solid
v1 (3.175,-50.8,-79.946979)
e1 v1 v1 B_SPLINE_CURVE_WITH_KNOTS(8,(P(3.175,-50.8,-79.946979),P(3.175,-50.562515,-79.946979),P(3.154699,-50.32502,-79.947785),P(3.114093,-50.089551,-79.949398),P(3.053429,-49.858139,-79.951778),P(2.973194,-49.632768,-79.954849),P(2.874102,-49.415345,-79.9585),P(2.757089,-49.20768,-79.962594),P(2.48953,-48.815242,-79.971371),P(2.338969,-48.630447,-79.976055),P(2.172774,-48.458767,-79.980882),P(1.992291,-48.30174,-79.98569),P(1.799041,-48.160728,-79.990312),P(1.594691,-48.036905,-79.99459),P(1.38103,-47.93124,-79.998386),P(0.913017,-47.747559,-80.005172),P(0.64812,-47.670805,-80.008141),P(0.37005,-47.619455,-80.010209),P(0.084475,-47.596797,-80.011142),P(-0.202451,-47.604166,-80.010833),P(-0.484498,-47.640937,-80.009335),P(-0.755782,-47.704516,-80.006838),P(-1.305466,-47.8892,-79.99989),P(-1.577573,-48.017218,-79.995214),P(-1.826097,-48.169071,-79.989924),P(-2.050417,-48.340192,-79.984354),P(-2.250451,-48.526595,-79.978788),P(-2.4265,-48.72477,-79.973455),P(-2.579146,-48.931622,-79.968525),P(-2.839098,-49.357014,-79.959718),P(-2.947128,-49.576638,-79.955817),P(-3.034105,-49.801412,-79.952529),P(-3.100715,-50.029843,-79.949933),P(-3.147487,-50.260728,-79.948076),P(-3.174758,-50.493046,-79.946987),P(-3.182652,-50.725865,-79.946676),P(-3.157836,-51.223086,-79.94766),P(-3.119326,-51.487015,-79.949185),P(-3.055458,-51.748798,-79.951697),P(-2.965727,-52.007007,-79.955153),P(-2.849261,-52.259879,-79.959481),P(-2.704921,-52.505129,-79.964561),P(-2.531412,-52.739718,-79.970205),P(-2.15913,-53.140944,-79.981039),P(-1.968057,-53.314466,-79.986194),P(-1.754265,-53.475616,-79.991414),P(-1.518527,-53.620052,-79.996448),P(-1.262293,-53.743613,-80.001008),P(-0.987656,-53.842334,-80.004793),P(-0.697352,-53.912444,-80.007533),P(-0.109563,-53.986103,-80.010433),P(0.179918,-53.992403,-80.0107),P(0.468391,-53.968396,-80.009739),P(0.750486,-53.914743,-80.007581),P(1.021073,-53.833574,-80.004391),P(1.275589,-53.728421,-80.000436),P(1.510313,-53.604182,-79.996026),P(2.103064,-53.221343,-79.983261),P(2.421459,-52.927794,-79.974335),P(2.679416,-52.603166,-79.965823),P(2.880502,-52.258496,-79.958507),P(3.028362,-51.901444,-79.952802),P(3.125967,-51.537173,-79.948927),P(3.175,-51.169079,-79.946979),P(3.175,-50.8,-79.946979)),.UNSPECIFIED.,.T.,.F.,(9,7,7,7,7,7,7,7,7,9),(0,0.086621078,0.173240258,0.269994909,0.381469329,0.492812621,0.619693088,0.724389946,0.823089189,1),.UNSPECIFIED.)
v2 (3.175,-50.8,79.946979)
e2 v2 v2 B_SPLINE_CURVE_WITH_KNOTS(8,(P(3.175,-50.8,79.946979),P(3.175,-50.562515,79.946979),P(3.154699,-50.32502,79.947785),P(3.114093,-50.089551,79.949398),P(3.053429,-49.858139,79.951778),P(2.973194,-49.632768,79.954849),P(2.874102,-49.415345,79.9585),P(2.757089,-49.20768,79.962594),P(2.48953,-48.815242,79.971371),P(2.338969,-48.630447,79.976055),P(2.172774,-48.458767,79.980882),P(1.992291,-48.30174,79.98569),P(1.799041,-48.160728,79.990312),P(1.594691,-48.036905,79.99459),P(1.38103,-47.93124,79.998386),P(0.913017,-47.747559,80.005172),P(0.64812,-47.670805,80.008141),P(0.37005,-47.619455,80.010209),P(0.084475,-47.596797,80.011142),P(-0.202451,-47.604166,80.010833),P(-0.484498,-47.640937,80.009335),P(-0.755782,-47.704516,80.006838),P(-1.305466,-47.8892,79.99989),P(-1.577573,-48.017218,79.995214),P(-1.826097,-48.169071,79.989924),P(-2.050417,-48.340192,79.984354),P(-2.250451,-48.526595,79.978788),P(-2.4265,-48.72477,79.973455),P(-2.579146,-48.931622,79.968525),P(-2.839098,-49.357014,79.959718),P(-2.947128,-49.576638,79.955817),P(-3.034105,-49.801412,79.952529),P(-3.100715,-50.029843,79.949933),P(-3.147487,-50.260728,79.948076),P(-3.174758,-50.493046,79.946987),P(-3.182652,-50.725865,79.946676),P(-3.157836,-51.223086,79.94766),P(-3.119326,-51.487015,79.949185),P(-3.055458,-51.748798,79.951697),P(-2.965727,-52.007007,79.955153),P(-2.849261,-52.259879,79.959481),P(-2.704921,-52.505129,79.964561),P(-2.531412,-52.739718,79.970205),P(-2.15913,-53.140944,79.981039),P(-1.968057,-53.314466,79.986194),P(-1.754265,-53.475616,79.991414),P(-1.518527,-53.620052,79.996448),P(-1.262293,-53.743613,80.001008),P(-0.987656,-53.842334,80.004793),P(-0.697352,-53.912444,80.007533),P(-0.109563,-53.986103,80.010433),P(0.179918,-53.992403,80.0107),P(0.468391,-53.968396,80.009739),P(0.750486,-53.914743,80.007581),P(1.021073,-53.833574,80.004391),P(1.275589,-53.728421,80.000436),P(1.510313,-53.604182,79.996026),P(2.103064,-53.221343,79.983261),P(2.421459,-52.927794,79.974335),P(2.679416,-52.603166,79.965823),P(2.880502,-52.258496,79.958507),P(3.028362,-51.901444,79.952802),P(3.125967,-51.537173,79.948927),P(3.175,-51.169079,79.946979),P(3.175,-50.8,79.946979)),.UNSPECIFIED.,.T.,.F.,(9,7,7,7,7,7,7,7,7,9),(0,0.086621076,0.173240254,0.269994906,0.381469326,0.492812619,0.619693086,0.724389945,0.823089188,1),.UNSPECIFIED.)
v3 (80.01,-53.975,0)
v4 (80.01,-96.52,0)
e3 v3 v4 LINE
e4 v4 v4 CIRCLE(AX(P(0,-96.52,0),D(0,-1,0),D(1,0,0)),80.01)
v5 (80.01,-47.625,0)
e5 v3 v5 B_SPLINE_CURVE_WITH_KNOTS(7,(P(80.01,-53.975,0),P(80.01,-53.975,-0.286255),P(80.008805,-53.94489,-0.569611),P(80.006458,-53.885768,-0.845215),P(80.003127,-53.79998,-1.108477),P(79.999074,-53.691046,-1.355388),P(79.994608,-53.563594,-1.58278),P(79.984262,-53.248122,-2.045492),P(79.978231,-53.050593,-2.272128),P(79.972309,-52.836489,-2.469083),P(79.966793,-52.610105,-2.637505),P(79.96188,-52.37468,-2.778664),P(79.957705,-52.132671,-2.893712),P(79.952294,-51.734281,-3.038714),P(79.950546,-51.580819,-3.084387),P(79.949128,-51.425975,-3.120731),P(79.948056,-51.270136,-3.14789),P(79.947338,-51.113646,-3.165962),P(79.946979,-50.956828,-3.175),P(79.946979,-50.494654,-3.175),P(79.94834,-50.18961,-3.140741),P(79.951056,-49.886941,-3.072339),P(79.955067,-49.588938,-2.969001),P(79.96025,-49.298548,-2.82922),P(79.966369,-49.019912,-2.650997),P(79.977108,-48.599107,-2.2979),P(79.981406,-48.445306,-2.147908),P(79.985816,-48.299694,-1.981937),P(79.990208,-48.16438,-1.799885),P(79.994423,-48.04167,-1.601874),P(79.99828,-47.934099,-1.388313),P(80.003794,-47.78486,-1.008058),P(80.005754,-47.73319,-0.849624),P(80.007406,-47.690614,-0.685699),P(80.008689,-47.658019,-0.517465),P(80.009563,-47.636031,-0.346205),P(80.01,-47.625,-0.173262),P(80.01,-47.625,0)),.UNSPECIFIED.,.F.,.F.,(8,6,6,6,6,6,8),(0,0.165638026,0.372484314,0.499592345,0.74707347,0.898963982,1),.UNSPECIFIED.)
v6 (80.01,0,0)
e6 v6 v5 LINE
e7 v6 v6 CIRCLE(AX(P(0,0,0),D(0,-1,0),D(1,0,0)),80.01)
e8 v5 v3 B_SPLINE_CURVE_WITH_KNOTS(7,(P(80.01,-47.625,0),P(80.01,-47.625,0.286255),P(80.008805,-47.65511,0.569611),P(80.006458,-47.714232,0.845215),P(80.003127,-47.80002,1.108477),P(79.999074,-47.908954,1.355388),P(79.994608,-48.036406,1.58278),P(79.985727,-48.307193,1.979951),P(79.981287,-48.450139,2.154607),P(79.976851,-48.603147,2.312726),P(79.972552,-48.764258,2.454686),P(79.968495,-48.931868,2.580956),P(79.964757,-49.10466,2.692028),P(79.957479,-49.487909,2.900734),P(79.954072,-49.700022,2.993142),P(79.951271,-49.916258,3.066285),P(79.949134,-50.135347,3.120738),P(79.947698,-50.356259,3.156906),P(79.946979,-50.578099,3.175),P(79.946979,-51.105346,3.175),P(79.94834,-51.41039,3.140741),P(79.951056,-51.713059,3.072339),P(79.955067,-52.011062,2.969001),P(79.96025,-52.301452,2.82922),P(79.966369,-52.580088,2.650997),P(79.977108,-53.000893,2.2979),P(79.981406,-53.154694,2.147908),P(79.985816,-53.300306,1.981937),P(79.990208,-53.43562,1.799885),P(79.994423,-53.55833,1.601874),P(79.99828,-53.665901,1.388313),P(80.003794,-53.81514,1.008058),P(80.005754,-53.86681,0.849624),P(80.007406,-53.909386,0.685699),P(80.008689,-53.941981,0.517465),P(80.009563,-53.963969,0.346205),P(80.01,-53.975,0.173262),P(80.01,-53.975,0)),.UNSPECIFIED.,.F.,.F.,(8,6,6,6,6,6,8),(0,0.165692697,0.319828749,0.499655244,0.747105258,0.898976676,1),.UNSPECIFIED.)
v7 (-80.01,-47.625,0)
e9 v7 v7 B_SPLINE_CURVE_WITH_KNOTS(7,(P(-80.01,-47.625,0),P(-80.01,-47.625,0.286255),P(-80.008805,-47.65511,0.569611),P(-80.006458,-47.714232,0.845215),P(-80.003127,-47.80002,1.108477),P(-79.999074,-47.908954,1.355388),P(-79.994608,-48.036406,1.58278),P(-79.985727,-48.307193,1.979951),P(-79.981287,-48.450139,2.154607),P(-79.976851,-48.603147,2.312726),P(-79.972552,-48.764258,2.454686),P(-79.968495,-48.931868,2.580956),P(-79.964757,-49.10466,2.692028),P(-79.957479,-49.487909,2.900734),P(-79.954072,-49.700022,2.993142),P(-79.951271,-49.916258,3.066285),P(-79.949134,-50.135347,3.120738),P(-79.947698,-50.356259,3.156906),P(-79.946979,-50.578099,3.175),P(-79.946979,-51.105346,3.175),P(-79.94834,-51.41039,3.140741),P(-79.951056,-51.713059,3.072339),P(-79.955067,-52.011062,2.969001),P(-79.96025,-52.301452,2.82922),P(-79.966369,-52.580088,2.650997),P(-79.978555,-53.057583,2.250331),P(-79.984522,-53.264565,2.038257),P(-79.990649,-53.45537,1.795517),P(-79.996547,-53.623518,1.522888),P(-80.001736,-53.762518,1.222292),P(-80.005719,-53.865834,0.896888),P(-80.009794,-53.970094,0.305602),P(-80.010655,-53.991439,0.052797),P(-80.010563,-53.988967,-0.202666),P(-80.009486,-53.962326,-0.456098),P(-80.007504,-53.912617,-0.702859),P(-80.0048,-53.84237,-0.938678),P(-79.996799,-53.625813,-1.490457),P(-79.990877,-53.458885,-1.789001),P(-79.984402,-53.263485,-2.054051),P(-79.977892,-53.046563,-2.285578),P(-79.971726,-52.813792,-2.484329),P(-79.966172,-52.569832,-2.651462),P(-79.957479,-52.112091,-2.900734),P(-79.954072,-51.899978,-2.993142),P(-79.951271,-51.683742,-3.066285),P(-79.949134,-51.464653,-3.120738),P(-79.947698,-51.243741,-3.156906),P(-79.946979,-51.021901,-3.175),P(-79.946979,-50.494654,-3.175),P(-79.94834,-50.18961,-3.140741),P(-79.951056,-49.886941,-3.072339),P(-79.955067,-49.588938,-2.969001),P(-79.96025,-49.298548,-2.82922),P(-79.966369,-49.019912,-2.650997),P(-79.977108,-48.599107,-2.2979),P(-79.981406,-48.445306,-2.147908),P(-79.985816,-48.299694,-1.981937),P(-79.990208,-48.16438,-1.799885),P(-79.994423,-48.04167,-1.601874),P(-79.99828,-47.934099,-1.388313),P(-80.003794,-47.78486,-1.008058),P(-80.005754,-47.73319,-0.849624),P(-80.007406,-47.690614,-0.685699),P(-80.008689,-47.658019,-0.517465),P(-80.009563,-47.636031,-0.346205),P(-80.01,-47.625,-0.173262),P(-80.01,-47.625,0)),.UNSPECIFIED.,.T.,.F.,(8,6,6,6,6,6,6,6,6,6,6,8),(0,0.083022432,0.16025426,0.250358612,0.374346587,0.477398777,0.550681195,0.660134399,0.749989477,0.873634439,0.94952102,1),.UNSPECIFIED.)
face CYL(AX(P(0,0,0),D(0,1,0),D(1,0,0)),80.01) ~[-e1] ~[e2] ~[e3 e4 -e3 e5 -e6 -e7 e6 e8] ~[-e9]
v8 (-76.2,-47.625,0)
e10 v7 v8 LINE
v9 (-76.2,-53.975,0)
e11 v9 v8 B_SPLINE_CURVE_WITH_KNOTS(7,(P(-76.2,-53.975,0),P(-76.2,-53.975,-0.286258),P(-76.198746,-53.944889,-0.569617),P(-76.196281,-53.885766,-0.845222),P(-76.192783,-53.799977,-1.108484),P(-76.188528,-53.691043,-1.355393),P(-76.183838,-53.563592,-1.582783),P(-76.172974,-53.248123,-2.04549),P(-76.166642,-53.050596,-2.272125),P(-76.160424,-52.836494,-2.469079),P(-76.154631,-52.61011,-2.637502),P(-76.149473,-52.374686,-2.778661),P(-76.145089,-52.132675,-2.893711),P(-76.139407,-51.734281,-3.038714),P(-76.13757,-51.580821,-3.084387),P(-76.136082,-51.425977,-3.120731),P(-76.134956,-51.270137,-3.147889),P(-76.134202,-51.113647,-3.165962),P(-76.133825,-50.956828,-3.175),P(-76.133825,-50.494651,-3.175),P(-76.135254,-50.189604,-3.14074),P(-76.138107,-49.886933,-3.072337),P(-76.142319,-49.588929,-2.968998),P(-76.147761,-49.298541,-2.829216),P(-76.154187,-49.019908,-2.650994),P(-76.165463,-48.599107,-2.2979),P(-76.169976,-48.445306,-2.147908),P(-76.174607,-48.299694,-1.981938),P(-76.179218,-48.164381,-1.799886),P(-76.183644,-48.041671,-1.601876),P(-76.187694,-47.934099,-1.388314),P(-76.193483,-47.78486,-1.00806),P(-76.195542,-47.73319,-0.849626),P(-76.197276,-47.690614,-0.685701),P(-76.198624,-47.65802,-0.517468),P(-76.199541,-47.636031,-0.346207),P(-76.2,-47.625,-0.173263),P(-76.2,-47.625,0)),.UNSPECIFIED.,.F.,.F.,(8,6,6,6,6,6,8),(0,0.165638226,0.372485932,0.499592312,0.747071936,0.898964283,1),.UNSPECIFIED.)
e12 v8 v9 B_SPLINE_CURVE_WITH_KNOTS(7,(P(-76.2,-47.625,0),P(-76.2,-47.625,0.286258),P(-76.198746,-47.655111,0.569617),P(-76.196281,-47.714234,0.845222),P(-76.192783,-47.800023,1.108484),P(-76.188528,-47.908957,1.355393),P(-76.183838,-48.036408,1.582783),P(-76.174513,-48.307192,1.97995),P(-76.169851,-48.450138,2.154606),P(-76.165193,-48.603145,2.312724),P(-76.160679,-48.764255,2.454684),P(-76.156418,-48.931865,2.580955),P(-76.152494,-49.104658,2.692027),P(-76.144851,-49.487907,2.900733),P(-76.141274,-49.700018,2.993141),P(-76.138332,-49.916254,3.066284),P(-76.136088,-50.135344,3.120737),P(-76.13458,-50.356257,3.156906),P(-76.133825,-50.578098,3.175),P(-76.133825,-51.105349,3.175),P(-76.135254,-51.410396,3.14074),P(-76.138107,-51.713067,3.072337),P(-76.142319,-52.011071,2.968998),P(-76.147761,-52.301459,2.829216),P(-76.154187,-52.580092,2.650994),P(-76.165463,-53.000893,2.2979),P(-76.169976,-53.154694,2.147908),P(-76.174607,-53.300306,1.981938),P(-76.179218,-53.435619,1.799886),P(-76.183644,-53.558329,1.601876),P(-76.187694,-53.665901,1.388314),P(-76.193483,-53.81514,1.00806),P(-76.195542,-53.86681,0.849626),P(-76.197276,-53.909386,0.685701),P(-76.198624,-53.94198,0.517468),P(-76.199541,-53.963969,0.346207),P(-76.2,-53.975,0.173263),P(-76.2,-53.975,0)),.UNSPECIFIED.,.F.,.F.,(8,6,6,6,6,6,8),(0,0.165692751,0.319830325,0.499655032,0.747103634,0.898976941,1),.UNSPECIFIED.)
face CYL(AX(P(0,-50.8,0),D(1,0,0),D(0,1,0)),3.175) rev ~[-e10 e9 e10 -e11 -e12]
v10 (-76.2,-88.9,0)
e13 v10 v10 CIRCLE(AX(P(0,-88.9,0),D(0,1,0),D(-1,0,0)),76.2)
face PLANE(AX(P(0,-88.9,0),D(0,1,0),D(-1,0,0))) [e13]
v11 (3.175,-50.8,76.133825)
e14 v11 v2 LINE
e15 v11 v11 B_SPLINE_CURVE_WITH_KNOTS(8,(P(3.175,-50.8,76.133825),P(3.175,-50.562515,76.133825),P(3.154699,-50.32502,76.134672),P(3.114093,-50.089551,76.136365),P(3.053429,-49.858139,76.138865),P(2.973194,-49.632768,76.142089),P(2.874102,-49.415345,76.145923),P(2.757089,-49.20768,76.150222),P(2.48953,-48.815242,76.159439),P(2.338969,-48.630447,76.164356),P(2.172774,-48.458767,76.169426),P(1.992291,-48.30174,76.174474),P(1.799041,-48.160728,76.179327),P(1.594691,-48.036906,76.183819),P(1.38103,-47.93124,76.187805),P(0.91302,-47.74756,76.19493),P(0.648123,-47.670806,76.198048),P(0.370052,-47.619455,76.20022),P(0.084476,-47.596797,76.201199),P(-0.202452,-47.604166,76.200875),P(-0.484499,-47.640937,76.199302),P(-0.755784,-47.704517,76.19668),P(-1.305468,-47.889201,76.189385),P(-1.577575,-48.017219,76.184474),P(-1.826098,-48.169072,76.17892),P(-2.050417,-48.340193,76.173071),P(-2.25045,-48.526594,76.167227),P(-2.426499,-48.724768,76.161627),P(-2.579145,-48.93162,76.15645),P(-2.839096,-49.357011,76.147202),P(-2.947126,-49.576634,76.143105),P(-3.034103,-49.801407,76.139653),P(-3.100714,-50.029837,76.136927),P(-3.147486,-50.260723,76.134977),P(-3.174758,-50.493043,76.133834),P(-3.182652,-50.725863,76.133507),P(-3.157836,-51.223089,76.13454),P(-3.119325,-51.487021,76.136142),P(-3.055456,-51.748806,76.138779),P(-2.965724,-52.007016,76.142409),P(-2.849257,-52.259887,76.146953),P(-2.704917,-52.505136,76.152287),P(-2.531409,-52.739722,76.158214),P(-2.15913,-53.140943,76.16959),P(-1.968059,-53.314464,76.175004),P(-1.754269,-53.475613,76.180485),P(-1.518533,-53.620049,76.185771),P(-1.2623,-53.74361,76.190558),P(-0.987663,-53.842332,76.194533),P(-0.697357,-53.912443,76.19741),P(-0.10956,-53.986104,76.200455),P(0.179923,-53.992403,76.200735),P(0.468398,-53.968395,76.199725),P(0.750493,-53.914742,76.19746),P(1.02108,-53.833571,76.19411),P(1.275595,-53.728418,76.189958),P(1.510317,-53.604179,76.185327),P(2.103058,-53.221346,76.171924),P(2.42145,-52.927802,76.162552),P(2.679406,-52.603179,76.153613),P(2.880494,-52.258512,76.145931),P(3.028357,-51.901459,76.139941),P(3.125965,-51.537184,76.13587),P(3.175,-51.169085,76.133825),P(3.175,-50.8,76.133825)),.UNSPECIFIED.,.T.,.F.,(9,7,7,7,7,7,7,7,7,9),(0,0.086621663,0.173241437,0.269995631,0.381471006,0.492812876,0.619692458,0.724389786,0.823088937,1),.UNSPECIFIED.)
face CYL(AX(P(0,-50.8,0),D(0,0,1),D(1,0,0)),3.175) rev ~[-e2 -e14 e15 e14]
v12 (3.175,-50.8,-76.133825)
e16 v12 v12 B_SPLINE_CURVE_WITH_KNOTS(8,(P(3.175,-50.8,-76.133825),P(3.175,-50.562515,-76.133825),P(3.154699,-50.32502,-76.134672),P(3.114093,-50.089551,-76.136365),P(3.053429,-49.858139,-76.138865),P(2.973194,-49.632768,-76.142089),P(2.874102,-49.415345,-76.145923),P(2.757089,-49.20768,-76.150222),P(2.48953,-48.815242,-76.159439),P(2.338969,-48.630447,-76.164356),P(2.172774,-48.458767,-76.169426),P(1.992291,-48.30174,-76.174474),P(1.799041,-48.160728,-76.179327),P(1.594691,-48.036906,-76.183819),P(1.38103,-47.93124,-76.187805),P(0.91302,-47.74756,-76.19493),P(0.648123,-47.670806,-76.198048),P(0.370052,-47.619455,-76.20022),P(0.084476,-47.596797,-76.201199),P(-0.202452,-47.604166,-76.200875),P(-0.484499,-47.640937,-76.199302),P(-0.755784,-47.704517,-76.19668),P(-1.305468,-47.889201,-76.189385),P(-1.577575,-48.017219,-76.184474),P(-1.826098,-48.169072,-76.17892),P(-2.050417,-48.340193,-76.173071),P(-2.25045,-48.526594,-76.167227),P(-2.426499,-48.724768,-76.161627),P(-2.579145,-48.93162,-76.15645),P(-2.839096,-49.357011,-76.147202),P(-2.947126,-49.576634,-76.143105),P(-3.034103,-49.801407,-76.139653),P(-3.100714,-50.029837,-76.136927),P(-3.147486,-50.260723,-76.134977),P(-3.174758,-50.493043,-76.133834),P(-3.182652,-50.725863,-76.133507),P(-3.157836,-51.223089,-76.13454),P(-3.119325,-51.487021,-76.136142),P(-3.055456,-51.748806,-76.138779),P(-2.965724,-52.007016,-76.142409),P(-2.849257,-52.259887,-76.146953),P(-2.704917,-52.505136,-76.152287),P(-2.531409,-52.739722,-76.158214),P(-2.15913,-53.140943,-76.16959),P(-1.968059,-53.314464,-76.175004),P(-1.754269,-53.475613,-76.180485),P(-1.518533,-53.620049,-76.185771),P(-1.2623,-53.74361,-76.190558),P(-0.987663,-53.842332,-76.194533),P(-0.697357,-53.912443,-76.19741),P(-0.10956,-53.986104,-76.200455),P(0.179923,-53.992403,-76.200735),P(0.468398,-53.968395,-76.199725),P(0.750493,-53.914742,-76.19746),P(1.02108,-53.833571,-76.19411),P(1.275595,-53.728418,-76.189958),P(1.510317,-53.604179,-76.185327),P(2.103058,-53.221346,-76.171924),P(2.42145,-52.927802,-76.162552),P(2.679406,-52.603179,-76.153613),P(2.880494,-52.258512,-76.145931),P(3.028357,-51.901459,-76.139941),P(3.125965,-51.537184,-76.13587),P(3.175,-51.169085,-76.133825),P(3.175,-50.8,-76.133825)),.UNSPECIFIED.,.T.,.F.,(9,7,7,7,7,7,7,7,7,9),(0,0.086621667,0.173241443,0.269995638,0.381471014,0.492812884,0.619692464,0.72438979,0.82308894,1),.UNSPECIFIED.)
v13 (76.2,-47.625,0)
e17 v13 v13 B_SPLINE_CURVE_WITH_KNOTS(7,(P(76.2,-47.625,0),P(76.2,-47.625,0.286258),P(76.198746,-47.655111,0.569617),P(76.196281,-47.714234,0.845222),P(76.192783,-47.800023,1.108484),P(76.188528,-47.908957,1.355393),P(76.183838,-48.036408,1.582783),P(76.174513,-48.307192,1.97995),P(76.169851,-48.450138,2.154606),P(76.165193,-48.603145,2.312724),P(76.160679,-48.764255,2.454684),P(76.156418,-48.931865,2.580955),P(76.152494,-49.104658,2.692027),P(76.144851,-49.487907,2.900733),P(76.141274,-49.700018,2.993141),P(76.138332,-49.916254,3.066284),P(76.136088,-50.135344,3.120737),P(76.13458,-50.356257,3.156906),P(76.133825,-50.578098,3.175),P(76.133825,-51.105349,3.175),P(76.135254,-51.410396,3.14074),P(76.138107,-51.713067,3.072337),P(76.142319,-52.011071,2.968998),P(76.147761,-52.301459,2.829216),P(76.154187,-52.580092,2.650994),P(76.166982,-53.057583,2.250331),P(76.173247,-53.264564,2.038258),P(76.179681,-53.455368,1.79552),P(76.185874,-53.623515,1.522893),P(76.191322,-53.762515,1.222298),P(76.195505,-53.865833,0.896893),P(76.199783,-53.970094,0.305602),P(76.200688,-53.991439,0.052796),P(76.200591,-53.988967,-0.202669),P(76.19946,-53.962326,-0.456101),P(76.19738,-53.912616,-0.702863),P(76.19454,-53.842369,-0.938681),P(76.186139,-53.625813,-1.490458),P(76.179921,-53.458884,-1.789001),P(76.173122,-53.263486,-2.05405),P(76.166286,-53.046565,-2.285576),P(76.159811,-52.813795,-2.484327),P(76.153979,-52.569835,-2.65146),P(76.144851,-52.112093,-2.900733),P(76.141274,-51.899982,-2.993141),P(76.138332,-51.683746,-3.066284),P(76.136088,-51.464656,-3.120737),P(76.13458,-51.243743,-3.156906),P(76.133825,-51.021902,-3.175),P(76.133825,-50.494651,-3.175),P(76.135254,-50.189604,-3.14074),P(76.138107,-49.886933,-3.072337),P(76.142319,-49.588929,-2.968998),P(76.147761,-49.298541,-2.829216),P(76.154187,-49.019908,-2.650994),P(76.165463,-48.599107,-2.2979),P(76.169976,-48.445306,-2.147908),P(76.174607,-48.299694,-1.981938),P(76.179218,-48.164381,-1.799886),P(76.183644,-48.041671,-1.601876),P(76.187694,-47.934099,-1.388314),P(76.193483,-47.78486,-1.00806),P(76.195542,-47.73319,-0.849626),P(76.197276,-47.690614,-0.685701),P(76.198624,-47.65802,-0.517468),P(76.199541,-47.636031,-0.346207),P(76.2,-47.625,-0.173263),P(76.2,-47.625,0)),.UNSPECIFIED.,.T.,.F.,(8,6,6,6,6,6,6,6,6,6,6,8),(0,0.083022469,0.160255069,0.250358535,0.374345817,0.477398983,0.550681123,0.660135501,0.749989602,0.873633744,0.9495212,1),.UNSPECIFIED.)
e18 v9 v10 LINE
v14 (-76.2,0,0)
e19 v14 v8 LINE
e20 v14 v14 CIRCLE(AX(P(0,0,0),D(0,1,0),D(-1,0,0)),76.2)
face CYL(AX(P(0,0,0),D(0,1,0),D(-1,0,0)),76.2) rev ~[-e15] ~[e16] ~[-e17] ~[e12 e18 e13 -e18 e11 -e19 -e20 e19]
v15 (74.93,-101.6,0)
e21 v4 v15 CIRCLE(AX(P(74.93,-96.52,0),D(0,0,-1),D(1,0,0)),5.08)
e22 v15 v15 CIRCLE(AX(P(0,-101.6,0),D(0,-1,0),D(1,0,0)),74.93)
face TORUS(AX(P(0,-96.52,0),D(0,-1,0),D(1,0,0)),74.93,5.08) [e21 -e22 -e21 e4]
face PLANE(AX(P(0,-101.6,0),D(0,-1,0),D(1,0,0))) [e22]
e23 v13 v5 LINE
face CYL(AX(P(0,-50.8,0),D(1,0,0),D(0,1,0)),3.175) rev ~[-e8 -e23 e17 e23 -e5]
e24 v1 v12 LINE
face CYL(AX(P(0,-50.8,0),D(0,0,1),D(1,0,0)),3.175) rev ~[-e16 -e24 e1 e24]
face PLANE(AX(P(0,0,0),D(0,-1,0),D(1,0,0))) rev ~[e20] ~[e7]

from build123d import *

# Parameters (mm, degrees)
F0_R     = 80.01
F1_DEPTH = 101.6
F2_R     = 76.2
F3_DEPTH = 88.9
F4_R     = 5.08
F5_R     = 3.175
F6_DEPTH = 127
F7_R     = 3.175
F8_DEPTH = 127


with BuildPart() as f1:
    # F0 (on Front) → F1 (new body)
    with BuildSketch(Plane.XZ):
        Circle(F0_R)
    extrude(amount=F1_DEPTH)

    # F2 (on face) → F3 (cut)
    with BuildSketch(Plane(origin=(0, 0, 0), x_dir=(-1, 0, 0), z_dir=(0, 1, 0))):
        Circle(F2_R)
    extrude(amount=-F3_DEPTH, mode=Mode.SUBTRACT)

    # F4
    f4_edges = [f1.edges().sort_by_distance(p)[0] for p in [
        (-80.01, -101.6, 0),
    ]]
    fillet(f4_edges, radius=F4_R)

    # F5 (on Top) → F6 (cut, symmetric)
    with BuildSketch(Plane.XY):
        with Locations((0, -50.8)):
            Circle(F5_R)
    extrude(amount=F6_DEPTH, both=True, mode=Mode.SUBTRACT)

    # F7 (on Right) → F8 (cut, symmetric)
    with BuildSketch(Plane.YZ):
        with Locations((-50.8, 0)):
            Circle(F7_R)
    extrude(amount=F8_DEPTH, both=True, mode=Mode.SUBTRACT)


solid = f1.part
